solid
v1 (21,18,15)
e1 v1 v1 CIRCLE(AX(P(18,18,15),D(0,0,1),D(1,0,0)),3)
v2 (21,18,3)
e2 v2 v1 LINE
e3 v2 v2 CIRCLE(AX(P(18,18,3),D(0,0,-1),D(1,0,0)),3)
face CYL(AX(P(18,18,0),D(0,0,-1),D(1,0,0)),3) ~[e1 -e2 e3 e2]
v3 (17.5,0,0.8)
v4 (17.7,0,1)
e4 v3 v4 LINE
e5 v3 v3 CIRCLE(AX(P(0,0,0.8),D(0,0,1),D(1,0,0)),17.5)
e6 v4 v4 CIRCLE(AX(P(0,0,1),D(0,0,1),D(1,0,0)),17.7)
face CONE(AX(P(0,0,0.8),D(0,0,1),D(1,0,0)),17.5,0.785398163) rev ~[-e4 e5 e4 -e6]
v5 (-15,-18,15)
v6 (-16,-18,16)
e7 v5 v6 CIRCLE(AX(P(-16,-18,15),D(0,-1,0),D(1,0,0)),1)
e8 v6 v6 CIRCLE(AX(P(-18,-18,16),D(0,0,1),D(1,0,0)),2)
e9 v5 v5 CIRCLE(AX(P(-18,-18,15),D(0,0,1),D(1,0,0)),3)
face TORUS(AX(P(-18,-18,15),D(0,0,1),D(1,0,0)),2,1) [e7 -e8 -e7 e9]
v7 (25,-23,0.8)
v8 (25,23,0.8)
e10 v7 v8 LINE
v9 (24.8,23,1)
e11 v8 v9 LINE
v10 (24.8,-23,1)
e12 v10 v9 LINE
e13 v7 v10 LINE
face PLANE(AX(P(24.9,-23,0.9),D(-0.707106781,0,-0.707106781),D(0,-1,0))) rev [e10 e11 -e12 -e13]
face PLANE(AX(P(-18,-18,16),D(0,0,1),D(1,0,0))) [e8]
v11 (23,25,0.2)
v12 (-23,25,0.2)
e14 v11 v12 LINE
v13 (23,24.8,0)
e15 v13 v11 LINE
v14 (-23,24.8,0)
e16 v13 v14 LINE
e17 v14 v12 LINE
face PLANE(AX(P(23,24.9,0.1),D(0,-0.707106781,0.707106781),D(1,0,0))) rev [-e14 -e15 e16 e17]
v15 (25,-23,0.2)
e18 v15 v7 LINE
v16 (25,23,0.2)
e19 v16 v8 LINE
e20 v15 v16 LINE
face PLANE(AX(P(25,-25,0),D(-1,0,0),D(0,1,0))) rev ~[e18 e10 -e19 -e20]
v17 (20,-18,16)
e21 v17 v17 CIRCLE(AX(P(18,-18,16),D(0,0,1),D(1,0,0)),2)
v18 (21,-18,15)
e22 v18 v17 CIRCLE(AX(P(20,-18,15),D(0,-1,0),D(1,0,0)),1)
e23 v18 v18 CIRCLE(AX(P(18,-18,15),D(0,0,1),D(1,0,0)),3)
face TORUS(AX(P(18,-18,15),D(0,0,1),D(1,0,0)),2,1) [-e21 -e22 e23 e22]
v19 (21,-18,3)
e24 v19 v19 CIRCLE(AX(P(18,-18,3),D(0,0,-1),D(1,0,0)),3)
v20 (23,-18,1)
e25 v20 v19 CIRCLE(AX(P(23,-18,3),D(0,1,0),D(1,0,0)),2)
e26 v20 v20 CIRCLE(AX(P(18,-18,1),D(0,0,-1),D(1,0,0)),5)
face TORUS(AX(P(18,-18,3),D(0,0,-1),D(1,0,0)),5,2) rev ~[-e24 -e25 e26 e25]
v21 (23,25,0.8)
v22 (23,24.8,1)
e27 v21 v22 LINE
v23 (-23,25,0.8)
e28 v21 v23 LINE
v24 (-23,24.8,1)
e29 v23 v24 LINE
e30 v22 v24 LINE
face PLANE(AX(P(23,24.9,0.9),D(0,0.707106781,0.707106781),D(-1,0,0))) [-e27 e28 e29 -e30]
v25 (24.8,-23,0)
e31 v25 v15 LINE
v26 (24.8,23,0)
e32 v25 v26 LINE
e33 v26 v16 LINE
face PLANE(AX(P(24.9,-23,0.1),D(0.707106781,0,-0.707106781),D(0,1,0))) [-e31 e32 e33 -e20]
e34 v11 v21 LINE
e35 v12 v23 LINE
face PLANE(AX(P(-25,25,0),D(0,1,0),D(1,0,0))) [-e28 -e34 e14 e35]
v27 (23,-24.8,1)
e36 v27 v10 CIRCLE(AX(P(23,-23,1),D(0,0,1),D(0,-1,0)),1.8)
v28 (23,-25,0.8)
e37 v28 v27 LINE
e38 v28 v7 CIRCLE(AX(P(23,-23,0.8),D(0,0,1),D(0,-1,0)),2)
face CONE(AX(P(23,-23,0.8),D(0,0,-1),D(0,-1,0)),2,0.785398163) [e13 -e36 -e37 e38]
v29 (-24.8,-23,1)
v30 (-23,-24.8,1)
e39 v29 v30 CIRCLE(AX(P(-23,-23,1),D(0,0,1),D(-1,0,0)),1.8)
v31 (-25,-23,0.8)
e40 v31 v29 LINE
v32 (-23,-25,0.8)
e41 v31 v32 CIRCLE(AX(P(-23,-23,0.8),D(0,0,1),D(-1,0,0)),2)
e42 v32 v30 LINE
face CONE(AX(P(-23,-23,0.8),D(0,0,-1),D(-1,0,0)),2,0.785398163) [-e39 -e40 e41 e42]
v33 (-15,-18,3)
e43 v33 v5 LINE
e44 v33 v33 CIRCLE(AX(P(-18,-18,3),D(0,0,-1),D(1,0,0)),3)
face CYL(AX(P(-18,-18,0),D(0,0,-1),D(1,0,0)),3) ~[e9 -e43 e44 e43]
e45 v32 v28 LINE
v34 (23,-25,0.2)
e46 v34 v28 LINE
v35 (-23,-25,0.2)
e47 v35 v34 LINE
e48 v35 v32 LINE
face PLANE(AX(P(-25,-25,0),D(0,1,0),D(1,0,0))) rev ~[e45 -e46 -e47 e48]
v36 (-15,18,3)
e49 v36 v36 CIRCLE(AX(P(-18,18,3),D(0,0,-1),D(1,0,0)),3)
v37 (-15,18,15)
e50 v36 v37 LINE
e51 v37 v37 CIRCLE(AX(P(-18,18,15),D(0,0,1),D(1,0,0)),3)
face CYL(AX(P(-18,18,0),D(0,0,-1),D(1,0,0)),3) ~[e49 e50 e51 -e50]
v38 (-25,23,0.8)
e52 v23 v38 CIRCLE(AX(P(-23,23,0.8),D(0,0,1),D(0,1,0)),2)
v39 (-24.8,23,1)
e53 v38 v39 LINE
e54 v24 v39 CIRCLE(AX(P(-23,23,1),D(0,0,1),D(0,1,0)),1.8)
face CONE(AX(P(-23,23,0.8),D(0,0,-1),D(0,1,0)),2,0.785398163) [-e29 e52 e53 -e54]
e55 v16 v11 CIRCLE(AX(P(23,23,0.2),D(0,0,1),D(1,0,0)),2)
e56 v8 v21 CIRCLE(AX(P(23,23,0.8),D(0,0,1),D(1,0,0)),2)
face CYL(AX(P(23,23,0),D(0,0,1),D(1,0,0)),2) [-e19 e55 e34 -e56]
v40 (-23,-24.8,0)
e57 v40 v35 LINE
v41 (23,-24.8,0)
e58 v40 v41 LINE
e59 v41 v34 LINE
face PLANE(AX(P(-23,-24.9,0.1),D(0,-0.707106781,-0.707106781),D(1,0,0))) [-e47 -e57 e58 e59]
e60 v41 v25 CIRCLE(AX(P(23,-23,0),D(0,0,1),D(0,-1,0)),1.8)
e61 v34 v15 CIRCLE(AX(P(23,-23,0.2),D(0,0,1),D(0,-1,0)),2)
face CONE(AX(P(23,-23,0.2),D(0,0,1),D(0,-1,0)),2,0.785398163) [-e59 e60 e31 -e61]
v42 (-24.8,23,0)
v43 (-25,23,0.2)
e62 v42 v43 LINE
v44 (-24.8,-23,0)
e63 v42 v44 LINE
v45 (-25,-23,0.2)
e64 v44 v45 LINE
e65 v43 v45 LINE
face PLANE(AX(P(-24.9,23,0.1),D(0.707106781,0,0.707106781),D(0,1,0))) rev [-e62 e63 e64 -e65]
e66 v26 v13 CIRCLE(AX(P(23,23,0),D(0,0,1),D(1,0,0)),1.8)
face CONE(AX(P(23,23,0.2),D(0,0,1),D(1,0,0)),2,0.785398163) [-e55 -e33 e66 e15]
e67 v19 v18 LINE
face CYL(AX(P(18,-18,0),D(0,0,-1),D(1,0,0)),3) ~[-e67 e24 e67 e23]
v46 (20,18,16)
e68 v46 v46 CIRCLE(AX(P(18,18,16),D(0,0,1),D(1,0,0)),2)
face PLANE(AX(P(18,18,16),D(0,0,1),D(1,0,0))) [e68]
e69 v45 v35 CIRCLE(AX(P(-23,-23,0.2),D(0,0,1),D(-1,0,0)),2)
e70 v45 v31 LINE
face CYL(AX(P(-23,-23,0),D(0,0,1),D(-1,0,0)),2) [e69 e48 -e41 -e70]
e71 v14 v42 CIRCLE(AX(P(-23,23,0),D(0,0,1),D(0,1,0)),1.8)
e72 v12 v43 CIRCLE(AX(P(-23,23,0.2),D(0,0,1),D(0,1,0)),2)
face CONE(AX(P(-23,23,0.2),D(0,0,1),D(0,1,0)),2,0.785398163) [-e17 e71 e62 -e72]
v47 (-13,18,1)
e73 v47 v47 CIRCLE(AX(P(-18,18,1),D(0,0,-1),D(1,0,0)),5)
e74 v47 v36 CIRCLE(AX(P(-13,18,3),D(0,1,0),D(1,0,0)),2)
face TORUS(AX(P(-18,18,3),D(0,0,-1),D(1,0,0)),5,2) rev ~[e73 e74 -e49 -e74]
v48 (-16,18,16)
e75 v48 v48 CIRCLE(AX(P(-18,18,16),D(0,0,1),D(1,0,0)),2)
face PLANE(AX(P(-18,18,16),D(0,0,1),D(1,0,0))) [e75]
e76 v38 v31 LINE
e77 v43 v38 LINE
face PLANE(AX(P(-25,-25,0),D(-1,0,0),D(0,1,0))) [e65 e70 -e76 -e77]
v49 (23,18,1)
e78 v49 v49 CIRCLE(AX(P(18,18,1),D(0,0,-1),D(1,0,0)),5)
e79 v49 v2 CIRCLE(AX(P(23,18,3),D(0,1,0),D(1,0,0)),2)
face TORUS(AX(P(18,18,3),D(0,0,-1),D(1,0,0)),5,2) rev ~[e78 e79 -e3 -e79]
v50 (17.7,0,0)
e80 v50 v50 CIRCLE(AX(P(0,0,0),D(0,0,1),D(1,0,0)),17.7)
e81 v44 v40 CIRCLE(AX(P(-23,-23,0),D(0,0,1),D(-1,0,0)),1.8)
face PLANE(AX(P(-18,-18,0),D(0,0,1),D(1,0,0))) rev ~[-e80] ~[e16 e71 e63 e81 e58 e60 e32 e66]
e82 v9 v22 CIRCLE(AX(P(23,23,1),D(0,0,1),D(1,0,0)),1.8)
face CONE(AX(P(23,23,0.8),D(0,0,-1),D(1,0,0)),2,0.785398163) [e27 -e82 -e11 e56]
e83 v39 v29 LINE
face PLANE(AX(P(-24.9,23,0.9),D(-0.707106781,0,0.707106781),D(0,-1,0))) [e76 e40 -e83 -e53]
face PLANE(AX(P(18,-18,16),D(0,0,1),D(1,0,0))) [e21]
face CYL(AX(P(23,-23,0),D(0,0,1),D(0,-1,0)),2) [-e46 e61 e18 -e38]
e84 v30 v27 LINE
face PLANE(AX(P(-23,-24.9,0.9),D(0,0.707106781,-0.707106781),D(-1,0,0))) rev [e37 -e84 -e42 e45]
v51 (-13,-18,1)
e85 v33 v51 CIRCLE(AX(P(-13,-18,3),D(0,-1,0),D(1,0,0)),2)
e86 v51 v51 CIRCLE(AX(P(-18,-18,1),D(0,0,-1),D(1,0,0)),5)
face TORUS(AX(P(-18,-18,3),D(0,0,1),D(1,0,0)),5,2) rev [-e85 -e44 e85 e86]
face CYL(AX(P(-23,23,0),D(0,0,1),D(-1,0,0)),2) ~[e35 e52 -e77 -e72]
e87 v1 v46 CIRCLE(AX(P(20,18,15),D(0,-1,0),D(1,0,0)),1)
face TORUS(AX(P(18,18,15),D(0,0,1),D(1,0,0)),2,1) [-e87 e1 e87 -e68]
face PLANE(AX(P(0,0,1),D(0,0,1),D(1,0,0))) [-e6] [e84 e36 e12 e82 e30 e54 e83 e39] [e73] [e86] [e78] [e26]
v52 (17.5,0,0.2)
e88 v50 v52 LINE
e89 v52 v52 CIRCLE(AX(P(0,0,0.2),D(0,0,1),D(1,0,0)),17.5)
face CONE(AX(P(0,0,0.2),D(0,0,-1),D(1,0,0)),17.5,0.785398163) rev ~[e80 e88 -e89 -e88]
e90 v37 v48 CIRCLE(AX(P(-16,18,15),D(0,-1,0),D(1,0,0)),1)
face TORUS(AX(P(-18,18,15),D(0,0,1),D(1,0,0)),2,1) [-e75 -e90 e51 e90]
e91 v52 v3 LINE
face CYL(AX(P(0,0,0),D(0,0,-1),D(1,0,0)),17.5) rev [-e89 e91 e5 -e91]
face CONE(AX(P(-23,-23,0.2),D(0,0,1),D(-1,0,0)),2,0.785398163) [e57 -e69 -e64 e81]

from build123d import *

# Parameters (mm, degrees)
F0_W     = 50
F0_H     = 50
F0_R     = 3
F0_R_2   = 17.5
F1_DEPTH = 1
F2_R     = 2
F3_DEPTH = 16
F4_SIZE  = 0.2
F5_R     = 1
F6_R     = 2


with BuildPart() as f1:
    # F0 (on Top) → F1 (new body)
    with BuildSketch(Plane.XY):
        Rectangle(F0_W, F0_H)
        with Locations((-18, -18)):
            Circle(F0_R, mode=Mode.SUBTRACT)
        with Locations((18, -18)):
            Circle(F0_R, mode=Mode.SUBTRACT)
        with Locations((-18, 18)):
            Circle(F0_R, mode=Mode.SUBTRACT)
        Circle(F0_R_2, mode=Mode.SUBTRACT)
        with Locations((18, 18)):
            Circle(F0_R, mode=Mode.SUBTRACT)
        with Locations((-18, 18)):
            Circle(F0_R)
        with Locations((-18, -18)):
            Circle(F0_R)
        with Locations((18, -18)):
            Circle(F0_R)
        with Locations((18, 18)):
            Circle(F0_R)
    extrude(amount=F1_DEPTH)

    # F2
    f2_edges = [f1.edges().sort_by_distance(p)[0] for p in [
        (-25, -25, 0.5),
        (25, -25, 0.5),
        (25, 25, 0.5),
        (-25, 25, 0.5),
    ]]
    fillet(f2_edges, radius=F2_R)

    # F0 (on Top) → F3 (join)
    with BuildSketch(Plane.XY):
        with Locations((-18, -18)):
            Circle(F0_R)
        with Locations((-18, 18)):
            Circle(F0_R)
        with Locations((18, 18)):
            Circle(F0_R)
        with Locations((18, -18)):
            Circle(F0_R)
    extrude(amount=F3_DEPTH)

    # F4
    f4_edges = [f1.edges().sort_by_distance(p)[0] for p in [
        (25, 0, 0),
        (24.414214, 24.414214, 0),
        (0, 25, 0),
        (-24.414214, 24.414214, 0),
        (-25, 0, 0),
        (-24.414214, -24.414214, 0),
        (0, -25, 0),
        (24.414214, -24.414214, 0),
        (-17.5, 0, 0),
        (-17.5, 0, 1),
        (25, 0, 1),
    ]]
    chamfer(f4_edges, length=F4_SIZE)

    # F5
    f5_edges = [f1.edges().sort_by_distance(p)[0] for p in [
        (15, -18, 16),
        (-21, -18, 16),
        (-21, 18, 16),
        (15, 18, 16),
    ]]
    fillet(f5_edges, radius=F5_R)

    # F6
    f6_edges = [f1.edges().sort_by_distance(p)[0] for p in [
        (-21, -18, 1),
        (15, -18, 1),
        (-21, 18, 1),
        (15, 18, 1),
    ]]
    fillet(f6_edges, radius=F6_R)


solid = f1.part
